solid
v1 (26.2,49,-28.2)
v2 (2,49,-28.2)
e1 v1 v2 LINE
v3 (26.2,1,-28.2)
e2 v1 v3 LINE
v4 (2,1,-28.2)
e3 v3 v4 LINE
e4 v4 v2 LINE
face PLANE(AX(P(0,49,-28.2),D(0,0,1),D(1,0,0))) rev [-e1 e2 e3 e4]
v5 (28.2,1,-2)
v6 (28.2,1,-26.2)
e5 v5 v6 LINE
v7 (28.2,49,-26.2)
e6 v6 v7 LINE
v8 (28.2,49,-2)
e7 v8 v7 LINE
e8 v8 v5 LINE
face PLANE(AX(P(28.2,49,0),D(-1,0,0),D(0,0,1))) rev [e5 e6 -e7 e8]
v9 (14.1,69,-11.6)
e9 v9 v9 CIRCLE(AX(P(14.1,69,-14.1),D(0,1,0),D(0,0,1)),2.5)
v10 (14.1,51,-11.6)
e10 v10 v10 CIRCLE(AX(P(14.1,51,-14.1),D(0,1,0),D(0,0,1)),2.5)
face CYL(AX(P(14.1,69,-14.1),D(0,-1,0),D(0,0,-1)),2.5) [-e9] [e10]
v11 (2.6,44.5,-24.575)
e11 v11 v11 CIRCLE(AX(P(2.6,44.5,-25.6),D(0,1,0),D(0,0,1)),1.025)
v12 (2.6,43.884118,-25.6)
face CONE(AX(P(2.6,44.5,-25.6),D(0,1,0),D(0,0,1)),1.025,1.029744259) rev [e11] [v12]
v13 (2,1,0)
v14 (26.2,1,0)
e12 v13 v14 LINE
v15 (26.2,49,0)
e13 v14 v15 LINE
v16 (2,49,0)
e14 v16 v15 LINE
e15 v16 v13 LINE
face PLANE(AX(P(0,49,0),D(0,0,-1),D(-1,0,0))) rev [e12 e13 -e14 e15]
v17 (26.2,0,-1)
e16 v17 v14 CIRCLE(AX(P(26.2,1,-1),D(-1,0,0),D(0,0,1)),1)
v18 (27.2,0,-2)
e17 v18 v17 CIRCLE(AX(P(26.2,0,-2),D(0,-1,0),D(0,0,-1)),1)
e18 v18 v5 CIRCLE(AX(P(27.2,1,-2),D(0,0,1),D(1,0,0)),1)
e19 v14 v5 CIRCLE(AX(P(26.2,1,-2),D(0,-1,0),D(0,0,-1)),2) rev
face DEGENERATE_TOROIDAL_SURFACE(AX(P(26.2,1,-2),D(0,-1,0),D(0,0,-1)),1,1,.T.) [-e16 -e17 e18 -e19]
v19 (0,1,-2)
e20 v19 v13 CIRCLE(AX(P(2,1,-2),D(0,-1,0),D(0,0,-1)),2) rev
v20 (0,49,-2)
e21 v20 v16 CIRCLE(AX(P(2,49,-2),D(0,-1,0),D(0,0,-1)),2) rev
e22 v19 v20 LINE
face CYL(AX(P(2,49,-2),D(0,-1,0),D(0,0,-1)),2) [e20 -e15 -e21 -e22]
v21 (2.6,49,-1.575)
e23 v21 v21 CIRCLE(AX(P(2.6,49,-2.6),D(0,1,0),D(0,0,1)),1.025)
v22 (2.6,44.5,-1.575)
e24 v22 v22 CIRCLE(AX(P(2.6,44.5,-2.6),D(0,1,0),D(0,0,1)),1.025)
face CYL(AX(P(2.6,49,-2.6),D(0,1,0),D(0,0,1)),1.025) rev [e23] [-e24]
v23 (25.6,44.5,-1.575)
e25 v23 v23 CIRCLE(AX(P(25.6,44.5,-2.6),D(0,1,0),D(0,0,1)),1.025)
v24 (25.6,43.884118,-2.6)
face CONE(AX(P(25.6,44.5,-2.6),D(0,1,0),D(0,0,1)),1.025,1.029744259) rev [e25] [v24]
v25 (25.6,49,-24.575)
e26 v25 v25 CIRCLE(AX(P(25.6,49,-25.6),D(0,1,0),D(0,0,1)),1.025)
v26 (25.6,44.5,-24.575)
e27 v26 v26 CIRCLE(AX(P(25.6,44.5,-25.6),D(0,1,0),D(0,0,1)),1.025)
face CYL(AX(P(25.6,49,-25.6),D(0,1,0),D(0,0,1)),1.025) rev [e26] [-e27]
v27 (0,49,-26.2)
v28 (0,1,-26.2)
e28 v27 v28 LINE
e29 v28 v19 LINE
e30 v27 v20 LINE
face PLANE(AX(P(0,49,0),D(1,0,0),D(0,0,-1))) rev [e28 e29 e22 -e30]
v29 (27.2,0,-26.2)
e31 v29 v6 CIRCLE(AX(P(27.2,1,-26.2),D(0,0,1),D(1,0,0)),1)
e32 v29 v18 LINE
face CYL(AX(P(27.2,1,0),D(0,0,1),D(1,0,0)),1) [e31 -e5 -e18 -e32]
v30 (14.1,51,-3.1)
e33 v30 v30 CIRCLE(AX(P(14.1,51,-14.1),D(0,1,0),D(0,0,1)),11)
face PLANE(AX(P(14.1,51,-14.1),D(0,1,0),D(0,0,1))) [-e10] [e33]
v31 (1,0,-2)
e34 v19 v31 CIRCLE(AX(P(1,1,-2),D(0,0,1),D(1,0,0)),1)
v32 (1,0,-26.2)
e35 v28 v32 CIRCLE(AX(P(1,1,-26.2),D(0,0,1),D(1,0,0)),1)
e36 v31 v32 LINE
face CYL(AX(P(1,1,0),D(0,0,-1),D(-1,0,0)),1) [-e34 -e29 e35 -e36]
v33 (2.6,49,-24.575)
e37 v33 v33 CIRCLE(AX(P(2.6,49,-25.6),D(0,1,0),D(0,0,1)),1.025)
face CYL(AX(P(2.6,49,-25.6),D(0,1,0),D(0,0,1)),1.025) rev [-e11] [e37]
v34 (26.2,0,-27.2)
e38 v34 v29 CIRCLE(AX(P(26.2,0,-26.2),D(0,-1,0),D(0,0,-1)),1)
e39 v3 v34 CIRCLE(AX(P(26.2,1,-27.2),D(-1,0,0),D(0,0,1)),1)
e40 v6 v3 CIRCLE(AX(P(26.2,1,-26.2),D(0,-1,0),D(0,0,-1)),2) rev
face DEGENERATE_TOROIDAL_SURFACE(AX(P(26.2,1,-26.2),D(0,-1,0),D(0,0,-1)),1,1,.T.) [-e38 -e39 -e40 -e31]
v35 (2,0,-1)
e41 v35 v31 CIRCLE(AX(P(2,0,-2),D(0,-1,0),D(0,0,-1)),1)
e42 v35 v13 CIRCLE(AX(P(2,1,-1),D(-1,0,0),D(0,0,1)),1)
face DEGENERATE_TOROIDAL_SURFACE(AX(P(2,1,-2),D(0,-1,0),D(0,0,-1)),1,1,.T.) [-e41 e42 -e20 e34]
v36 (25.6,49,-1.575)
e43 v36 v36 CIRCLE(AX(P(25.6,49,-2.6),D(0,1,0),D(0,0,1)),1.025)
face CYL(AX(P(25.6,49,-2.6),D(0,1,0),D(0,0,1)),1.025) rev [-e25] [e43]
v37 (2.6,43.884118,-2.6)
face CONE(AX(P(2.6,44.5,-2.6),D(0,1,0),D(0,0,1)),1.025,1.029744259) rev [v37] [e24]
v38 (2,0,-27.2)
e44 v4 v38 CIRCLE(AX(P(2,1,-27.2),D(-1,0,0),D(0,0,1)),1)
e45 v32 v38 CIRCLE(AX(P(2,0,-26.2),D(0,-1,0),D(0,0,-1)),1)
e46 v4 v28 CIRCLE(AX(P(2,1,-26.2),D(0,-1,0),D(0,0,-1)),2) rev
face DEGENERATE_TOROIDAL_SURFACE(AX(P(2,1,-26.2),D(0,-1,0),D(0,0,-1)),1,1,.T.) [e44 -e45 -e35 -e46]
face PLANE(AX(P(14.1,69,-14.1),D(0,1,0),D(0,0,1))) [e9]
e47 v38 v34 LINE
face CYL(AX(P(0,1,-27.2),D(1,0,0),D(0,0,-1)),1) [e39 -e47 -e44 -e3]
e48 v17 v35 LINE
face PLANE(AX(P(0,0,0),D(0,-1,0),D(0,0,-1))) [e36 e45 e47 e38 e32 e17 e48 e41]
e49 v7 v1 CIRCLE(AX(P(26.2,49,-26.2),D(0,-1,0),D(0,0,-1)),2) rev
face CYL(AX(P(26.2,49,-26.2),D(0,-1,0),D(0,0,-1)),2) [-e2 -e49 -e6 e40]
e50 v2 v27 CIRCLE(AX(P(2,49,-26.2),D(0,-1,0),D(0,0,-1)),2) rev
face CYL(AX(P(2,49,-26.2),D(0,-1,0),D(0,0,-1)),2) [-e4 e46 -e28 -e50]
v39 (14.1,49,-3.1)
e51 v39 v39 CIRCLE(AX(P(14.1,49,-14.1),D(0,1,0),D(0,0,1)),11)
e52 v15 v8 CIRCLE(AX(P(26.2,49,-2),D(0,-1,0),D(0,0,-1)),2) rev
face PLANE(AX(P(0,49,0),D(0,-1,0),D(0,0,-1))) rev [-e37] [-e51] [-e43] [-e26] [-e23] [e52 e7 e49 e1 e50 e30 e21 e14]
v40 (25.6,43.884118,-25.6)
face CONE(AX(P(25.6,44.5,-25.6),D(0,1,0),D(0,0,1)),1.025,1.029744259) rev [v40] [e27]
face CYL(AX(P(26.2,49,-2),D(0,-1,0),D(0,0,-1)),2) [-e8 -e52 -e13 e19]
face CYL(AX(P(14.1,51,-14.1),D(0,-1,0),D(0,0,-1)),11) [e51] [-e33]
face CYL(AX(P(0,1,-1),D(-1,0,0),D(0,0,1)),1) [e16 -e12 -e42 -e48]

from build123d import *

# Parameters (mm, degrees)
SKETCH1_W                     = 28.2
SKETCH1_H                     = 28.2
BOSS_EXTRUDE1_DEPTH           = 49
SKETCH2_R                     = 11
BOSS_EXTRUDE2_DEPTH           = 2
SKETCH3_R                     = 2.5
BOSS_EXTRUDE3_DEPTH           = 18
FILLET1_R                     = 2
TAP_DRILL_FOR_M2_5_TAP1_D     = 2.05
TAP_DRILL_FOR_M2_5_TAP1_DEPTH = 4.5
TAP_DRILL_FOR_M2_5_TAP1_TIP   = 0.615882135
FILLET2_R                     = 1


with BuildPart() as part:
    # Sketch1 → Boss-Extrude1 (new body)
    with BuildSketch(Plane(origin=(0, 0, 0), x_dir=(1, 0, 0), z_dir=(0, 1, 0))):
        with Locations((14.1, 14.1)):
            Rectangle(SKETCH1_W, SKETCH1_H)
    extrude(amount=BOSS_EXTRUDE1_DEPTH)

    # Sketch2 → Boss-Extrude2 (add)
    with BuildSketch(Plane(origin=(0, 49, 0), x_dir=(1, 0, 0), z_dir=(0, 1, 0))):
        with Locations(Location((14.1, 14.1, 0), (0, 0, 270))):
            Circle(SKETCH2_R)
    extrude(amount=BOSS_EXTRUDE2_DEPTH)

    # Sketch3 → Boss-Extrude3 (add)
    with BuildSketch(Plane(origin=(0, 51, 0), x_dir=(1, 0, 0), z_dir=(0, 1, 0))):
        with Locations(Location((14.1, 14.1, 0), (0, 0, 270))):
            Circle(SKETCH3_R)
    extrude(amount=BOSS_EXTRUDE3_DEPTH)

    # Fillet1
    fillet1_edges = [part.edges().sort_by_distance(p)[0] for p in [
        (0, 24.5, -28.2),
        (28.2, 24.5, -28.2),
        (28.2, 24.5, 0),
        (0, 24.5, 0),
    ]]
    fillet(fillet1_edges, radius=FILLET1_R)

    # Tap Drill for M2.5 Tap1
    with Locations(Plane(origin=(0, 49, 0), x_dir=(1, 0, 0), z_dir=(0, 1, 0))):
        with Locations((2.6, 2.6), (25.6, 2.6), (25.6, 25.6), (2.6, 25.6)):
            Hole(TAP_DRILL_FOR_M2_5_TAP1_D / 2, depth=TAP_DRILL_FOR_M2_5_TAP1_DEPTH)
            with Locations((0, 0, -(TAP_DRILL_FOR_M2_5_TAP1_DEPTH + TAP_DRILL_FOR_M2_5_TAP1_TIP / 2))):  # 118° drill point
                Cone(0, TAP_DRILL_FOR_M2_5_TAP1_D / 2, TAP_DRILL_FOR_M2_5_TAP1_TIP, mode=Mode.SUBTRACT)

    # Fillet2
    fillet2_edges = [part.edges().sort_by_distance(p)[0] for p in [
        (14.1, 0, -28.2),
        (0, 0, -14.1),
        (28.2, 0, -14.1),
        (14.1, 0, 0),
        (0.585786438, 0, -0.585786438),
        (27.614213562, 0, -0.585786438),
        (0.585786438, 0, -27.614213562),
        (27.614213562, 0, -27.614213562),
    ]]
    fillet(fillet2_edges, radius=FILLET2_R)


solid = part.part
